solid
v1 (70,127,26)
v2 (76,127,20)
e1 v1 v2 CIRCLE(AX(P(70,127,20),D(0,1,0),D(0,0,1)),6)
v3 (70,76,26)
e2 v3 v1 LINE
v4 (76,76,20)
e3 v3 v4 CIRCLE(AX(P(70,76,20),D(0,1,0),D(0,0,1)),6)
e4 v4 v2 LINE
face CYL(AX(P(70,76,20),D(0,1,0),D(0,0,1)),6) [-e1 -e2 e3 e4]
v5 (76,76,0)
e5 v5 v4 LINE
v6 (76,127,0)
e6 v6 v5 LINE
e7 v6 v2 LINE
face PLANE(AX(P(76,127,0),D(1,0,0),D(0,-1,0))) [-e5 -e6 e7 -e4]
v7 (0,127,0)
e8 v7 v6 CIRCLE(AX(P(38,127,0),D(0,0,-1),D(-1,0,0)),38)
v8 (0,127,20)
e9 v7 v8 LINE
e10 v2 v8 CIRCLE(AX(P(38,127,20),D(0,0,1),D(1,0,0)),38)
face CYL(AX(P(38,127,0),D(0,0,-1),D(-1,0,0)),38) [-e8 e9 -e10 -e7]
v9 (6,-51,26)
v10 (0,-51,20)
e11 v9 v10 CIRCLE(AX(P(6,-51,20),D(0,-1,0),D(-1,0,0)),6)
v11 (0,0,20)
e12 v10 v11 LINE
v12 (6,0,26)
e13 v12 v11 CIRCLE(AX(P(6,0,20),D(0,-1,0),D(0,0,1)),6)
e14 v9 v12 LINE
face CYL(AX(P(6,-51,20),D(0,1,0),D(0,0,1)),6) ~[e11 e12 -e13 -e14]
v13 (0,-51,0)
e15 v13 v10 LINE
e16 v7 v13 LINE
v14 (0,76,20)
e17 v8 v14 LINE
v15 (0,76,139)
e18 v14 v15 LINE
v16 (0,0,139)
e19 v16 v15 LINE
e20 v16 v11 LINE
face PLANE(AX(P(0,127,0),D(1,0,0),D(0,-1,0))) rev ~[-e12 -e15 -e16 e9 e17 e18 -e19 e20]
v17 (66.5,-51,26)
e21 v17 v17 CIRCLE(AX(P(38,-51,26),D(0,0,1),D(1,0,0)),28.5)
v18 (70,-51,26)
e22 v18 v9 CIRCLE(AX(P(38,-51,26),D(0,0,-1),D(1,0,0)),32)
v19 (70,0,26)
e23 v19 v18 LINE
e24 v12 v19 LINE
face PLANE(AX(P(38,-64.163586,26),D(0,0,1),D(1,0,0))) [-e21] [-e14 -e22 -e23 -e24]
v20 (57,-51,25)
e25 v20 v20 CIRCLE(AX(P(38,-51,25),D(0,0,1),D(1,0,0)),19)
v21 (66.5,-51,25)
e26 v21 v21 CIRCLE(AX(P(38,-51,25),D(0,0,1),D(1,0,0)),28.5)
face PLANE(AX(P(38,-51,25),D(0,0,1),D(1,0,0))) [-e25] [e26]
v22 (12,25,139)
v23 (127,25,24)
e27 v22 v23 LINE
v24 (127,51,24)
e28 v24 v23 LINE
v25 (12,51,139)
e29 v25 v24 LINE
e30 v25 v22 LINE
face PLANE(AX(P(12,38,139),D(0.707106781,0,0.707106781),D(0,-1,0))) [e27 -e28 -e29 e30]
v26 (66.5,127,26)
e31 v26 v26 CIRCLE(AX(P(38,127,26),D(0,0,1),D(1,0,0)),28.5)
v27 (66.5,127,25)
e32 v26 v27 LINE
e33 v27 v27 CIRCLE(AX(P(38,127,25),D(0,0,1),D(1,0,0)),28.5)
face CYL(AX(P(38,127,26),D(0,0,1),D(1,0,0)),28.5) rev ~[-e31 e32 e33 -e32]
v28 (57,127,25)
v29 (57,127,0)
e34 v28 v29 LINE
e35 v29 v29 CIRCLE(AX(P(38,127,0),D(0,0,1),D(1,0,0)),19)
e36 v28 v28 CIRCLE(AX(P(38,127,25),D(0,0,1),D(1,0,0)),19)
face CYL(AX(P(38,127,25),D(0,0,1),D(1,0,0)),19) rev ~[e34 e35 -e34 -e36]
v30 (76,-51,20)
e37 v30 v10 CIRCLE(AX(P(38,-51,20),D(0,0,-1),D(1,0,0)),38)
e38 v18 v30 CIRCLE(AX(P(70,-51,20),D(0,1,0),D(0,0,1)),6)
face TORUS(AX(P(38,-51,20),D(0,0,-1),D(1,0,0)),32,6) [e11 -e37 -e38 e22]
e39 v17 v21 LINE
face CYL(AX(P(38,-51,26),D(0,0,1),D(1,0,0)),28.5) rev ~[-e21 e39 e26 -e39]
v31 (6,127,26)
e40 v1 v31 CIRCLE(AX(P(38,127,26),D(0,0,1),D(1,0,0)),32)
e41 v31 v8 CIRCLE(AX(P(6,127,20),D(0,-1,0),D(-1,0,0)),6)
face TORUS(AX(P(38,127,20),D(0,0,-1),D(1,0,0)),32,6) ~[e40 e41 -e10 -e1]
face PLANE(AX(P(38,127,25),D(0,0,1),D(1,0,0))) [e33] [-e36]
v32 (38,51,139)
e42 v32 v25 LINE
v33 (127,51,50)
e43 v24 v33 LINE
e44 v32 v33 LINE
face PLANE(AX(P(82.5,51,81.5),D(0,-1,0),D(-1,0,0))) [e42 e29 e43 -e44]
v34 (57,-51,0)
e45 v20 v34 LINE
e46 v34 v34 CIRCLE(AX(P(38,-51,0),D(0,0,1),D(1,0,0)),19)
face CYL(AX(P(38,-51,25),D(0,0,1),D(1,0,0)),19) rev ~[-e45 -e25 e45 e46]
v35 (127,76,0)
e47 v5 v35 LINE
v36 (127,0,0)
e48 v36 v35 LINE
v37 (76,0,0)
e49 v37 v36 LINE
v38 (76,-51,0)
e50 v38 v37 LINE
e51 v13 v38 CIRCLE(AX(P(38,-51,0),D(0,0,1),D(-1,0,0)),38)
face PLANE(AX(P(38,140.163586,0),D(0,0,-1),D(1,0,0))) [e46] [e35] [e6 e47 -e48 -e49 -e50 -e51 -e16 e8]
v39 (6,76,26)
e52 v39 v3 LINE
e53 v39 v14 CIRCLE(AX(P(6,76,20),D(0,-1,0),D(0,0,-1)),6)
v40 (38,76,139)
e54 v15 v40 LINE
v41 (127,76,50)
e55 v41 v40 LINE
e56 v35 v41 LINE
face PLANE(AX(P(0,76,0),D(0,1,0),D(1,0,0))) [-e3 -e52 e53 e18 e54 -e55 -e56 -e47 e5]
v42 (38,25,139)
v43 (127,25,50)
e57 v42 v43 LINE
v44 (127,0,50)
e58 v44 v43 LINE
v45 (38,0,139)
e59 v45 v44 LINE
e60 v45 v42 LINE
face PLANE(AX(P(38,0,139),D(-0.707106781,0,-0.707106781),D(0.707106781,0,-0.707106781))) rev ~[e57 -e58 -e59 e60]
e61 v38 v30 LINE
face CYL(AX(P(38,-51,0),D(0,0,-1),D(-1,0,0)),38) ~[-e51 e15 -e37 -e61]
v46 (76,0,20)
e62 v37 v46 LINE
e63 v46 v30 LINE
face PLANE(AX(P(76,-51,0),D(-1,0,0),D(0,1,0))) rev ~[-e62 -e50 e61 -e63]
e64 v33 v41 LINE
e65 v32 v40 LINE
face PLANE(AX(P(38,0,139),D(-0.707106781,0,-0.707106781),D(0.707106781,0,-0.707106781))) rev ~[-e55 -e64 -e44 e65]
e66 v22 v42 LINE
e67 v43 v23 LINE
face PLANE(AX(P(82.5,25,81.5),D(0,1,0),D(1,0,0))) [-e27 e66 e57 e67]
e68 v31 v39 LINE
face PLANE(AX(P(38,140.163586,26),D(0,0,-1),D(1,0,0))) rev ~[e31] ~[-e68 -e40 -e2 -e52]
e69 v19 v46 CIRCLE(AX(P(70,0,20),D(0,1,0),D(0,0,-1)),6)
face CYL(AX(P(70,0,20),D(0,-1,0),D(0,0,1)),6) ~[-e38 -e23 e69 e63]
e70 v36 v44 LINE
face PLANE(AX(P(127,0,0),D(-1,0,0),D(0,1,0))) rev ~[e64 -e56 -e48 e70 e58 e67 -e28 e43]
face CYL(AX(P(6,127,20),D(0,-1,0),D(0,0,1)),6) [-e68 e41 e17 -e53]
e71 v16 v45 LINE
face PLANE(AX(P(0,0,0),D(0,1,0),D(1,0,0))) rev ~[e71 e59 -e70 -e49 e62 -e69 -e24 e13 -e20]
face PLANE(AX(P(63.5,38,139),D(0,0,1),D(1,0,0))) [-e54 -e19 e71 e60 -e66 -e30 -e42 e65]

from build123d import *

# Parameters (mm, degrees)
F0_W      = 127
F0_H      = 76
F1_DEPTH  = 139
F3_DEPTH  = 76.001
F4_W      = 26
F4_H      = 26
F7_W      = 76
F7_H      = 51
F8_DEPTH  = 26
F9_W      = 76
F9_H      = 51
F10_DEPTH = 26
F11_R     = 6
F12_R     = 6
F13_R     = 28.5
F14_DEPTH = 1
F15_R     = 19
F16_DEPTH = 25.001
F17_R     = 28.5
F18_DEPTH = 1
F19_R     = 19
F20_DEPTH = 25.001


with BuildPart() as f1:
    # F0 (on Top) → F1 (new body)
    with BuildSketch(Plane.XY):
        with Locations((63.5, 38)):
            Rectangle(F0_W, F0_H)
    extrude(amount=F1_DEPTH)

    # F2 (on face) → F3 (cut, through all)
    with BuildSketch(Plane.XZ):
        Polygon((127, 139), (38, 139), (127, 50), align=None)
    extrude(amount=-F3_DEPTH, mode=Mode.SUBTRACT)

    # F6: sweep along a path in F5
    with BuildLine(Plane.XZ) as f6_path:
        Line((12, 139), (127, 24))
    # F4 (on face) → F6 (sweep, cut)
    with BuildSketch(Plane.XY.offset(139)):
        with Locations((25, 38)):
            Rectangle(F4_W, F4_H)
    sweep(path=f6_path.line, mode=Mode.SUBTRACT)

    # F7 (on Top) → F8 (join)
    with BuildSketch(Plane.XY):
        with BuildLine():
            Line((76, -51), (0, -51))
            ThreePointArc((0, -51), (38, -89), (76, -51))
        make_face()
        with Locations((38, -25.5)):
            Rectangle(F7_W, F7_H)
    extrude(amount=F8_DEPTH)

    # F9 (on face) → F10 (join)
    with BuildSketch(Plane(origin=(0, 0, 0), x_dir=(1, 0, 0), z_dir=(0, 0, -1))):
        with BuildLine():
            Line((76, -127), (0, -127))
            ThreePointArc((0, -127), (38, -165), (76, -127))
        make_face()
        with Locations((38, -101.5)):
            Rectangle(F9_W, F9_H)
    extrude(amount=-F10_DEPTH)

    # F11
    f11_edges = [f1.edges().sort_by_distance(p)[0] for p in [
        (0, -25.5, 26),
    ]]
    fillet(f11_edges, radius=F11_R)

    # F12
    f12_edges = [f1.edges().sort_by_distance(p)[0] for p in [
        (0, 101.5, 26),
    ]]
    fillet(f12_edges, radius=F12_R)

    # F13 (on face) → F14 (cut)
    with BuildSketch(Plane.XY.offset(26)):
        with Locations((38, -51)):
            Circle(F13_R)
    extrude(amount=-F14_DEPTH, mode=Mode.SUBTRACT)

    # F15 (on face) → F16 (cut, through all)
    with BuildSketch(Plane.XY.offset(25)):
        with Locations((38, -51)):
            Circle(F15_R)
    extrude(amount=-F16_DEPTH, mode=Mode.SUBTRACT)

    # F17 (on face) → F18 (cut)
    with BuildSketch(Plane.XY.offset(26)):
        with Locations((38, 127)):
            Circle(F17_R)
    extrude(amount=-F18_DEPTH, mode=Mode.SUBTRACT)

    # F19 (on face) → F20 (cut, through all)
    with BuildSketch(Plane.XY.offset(25)):
        with Locations((38, 127)):
            Circle(F19_R)
    extrude(amount=-F20_DEPTH, mode=Mode.SUBTRACT)


solid = f1.part
